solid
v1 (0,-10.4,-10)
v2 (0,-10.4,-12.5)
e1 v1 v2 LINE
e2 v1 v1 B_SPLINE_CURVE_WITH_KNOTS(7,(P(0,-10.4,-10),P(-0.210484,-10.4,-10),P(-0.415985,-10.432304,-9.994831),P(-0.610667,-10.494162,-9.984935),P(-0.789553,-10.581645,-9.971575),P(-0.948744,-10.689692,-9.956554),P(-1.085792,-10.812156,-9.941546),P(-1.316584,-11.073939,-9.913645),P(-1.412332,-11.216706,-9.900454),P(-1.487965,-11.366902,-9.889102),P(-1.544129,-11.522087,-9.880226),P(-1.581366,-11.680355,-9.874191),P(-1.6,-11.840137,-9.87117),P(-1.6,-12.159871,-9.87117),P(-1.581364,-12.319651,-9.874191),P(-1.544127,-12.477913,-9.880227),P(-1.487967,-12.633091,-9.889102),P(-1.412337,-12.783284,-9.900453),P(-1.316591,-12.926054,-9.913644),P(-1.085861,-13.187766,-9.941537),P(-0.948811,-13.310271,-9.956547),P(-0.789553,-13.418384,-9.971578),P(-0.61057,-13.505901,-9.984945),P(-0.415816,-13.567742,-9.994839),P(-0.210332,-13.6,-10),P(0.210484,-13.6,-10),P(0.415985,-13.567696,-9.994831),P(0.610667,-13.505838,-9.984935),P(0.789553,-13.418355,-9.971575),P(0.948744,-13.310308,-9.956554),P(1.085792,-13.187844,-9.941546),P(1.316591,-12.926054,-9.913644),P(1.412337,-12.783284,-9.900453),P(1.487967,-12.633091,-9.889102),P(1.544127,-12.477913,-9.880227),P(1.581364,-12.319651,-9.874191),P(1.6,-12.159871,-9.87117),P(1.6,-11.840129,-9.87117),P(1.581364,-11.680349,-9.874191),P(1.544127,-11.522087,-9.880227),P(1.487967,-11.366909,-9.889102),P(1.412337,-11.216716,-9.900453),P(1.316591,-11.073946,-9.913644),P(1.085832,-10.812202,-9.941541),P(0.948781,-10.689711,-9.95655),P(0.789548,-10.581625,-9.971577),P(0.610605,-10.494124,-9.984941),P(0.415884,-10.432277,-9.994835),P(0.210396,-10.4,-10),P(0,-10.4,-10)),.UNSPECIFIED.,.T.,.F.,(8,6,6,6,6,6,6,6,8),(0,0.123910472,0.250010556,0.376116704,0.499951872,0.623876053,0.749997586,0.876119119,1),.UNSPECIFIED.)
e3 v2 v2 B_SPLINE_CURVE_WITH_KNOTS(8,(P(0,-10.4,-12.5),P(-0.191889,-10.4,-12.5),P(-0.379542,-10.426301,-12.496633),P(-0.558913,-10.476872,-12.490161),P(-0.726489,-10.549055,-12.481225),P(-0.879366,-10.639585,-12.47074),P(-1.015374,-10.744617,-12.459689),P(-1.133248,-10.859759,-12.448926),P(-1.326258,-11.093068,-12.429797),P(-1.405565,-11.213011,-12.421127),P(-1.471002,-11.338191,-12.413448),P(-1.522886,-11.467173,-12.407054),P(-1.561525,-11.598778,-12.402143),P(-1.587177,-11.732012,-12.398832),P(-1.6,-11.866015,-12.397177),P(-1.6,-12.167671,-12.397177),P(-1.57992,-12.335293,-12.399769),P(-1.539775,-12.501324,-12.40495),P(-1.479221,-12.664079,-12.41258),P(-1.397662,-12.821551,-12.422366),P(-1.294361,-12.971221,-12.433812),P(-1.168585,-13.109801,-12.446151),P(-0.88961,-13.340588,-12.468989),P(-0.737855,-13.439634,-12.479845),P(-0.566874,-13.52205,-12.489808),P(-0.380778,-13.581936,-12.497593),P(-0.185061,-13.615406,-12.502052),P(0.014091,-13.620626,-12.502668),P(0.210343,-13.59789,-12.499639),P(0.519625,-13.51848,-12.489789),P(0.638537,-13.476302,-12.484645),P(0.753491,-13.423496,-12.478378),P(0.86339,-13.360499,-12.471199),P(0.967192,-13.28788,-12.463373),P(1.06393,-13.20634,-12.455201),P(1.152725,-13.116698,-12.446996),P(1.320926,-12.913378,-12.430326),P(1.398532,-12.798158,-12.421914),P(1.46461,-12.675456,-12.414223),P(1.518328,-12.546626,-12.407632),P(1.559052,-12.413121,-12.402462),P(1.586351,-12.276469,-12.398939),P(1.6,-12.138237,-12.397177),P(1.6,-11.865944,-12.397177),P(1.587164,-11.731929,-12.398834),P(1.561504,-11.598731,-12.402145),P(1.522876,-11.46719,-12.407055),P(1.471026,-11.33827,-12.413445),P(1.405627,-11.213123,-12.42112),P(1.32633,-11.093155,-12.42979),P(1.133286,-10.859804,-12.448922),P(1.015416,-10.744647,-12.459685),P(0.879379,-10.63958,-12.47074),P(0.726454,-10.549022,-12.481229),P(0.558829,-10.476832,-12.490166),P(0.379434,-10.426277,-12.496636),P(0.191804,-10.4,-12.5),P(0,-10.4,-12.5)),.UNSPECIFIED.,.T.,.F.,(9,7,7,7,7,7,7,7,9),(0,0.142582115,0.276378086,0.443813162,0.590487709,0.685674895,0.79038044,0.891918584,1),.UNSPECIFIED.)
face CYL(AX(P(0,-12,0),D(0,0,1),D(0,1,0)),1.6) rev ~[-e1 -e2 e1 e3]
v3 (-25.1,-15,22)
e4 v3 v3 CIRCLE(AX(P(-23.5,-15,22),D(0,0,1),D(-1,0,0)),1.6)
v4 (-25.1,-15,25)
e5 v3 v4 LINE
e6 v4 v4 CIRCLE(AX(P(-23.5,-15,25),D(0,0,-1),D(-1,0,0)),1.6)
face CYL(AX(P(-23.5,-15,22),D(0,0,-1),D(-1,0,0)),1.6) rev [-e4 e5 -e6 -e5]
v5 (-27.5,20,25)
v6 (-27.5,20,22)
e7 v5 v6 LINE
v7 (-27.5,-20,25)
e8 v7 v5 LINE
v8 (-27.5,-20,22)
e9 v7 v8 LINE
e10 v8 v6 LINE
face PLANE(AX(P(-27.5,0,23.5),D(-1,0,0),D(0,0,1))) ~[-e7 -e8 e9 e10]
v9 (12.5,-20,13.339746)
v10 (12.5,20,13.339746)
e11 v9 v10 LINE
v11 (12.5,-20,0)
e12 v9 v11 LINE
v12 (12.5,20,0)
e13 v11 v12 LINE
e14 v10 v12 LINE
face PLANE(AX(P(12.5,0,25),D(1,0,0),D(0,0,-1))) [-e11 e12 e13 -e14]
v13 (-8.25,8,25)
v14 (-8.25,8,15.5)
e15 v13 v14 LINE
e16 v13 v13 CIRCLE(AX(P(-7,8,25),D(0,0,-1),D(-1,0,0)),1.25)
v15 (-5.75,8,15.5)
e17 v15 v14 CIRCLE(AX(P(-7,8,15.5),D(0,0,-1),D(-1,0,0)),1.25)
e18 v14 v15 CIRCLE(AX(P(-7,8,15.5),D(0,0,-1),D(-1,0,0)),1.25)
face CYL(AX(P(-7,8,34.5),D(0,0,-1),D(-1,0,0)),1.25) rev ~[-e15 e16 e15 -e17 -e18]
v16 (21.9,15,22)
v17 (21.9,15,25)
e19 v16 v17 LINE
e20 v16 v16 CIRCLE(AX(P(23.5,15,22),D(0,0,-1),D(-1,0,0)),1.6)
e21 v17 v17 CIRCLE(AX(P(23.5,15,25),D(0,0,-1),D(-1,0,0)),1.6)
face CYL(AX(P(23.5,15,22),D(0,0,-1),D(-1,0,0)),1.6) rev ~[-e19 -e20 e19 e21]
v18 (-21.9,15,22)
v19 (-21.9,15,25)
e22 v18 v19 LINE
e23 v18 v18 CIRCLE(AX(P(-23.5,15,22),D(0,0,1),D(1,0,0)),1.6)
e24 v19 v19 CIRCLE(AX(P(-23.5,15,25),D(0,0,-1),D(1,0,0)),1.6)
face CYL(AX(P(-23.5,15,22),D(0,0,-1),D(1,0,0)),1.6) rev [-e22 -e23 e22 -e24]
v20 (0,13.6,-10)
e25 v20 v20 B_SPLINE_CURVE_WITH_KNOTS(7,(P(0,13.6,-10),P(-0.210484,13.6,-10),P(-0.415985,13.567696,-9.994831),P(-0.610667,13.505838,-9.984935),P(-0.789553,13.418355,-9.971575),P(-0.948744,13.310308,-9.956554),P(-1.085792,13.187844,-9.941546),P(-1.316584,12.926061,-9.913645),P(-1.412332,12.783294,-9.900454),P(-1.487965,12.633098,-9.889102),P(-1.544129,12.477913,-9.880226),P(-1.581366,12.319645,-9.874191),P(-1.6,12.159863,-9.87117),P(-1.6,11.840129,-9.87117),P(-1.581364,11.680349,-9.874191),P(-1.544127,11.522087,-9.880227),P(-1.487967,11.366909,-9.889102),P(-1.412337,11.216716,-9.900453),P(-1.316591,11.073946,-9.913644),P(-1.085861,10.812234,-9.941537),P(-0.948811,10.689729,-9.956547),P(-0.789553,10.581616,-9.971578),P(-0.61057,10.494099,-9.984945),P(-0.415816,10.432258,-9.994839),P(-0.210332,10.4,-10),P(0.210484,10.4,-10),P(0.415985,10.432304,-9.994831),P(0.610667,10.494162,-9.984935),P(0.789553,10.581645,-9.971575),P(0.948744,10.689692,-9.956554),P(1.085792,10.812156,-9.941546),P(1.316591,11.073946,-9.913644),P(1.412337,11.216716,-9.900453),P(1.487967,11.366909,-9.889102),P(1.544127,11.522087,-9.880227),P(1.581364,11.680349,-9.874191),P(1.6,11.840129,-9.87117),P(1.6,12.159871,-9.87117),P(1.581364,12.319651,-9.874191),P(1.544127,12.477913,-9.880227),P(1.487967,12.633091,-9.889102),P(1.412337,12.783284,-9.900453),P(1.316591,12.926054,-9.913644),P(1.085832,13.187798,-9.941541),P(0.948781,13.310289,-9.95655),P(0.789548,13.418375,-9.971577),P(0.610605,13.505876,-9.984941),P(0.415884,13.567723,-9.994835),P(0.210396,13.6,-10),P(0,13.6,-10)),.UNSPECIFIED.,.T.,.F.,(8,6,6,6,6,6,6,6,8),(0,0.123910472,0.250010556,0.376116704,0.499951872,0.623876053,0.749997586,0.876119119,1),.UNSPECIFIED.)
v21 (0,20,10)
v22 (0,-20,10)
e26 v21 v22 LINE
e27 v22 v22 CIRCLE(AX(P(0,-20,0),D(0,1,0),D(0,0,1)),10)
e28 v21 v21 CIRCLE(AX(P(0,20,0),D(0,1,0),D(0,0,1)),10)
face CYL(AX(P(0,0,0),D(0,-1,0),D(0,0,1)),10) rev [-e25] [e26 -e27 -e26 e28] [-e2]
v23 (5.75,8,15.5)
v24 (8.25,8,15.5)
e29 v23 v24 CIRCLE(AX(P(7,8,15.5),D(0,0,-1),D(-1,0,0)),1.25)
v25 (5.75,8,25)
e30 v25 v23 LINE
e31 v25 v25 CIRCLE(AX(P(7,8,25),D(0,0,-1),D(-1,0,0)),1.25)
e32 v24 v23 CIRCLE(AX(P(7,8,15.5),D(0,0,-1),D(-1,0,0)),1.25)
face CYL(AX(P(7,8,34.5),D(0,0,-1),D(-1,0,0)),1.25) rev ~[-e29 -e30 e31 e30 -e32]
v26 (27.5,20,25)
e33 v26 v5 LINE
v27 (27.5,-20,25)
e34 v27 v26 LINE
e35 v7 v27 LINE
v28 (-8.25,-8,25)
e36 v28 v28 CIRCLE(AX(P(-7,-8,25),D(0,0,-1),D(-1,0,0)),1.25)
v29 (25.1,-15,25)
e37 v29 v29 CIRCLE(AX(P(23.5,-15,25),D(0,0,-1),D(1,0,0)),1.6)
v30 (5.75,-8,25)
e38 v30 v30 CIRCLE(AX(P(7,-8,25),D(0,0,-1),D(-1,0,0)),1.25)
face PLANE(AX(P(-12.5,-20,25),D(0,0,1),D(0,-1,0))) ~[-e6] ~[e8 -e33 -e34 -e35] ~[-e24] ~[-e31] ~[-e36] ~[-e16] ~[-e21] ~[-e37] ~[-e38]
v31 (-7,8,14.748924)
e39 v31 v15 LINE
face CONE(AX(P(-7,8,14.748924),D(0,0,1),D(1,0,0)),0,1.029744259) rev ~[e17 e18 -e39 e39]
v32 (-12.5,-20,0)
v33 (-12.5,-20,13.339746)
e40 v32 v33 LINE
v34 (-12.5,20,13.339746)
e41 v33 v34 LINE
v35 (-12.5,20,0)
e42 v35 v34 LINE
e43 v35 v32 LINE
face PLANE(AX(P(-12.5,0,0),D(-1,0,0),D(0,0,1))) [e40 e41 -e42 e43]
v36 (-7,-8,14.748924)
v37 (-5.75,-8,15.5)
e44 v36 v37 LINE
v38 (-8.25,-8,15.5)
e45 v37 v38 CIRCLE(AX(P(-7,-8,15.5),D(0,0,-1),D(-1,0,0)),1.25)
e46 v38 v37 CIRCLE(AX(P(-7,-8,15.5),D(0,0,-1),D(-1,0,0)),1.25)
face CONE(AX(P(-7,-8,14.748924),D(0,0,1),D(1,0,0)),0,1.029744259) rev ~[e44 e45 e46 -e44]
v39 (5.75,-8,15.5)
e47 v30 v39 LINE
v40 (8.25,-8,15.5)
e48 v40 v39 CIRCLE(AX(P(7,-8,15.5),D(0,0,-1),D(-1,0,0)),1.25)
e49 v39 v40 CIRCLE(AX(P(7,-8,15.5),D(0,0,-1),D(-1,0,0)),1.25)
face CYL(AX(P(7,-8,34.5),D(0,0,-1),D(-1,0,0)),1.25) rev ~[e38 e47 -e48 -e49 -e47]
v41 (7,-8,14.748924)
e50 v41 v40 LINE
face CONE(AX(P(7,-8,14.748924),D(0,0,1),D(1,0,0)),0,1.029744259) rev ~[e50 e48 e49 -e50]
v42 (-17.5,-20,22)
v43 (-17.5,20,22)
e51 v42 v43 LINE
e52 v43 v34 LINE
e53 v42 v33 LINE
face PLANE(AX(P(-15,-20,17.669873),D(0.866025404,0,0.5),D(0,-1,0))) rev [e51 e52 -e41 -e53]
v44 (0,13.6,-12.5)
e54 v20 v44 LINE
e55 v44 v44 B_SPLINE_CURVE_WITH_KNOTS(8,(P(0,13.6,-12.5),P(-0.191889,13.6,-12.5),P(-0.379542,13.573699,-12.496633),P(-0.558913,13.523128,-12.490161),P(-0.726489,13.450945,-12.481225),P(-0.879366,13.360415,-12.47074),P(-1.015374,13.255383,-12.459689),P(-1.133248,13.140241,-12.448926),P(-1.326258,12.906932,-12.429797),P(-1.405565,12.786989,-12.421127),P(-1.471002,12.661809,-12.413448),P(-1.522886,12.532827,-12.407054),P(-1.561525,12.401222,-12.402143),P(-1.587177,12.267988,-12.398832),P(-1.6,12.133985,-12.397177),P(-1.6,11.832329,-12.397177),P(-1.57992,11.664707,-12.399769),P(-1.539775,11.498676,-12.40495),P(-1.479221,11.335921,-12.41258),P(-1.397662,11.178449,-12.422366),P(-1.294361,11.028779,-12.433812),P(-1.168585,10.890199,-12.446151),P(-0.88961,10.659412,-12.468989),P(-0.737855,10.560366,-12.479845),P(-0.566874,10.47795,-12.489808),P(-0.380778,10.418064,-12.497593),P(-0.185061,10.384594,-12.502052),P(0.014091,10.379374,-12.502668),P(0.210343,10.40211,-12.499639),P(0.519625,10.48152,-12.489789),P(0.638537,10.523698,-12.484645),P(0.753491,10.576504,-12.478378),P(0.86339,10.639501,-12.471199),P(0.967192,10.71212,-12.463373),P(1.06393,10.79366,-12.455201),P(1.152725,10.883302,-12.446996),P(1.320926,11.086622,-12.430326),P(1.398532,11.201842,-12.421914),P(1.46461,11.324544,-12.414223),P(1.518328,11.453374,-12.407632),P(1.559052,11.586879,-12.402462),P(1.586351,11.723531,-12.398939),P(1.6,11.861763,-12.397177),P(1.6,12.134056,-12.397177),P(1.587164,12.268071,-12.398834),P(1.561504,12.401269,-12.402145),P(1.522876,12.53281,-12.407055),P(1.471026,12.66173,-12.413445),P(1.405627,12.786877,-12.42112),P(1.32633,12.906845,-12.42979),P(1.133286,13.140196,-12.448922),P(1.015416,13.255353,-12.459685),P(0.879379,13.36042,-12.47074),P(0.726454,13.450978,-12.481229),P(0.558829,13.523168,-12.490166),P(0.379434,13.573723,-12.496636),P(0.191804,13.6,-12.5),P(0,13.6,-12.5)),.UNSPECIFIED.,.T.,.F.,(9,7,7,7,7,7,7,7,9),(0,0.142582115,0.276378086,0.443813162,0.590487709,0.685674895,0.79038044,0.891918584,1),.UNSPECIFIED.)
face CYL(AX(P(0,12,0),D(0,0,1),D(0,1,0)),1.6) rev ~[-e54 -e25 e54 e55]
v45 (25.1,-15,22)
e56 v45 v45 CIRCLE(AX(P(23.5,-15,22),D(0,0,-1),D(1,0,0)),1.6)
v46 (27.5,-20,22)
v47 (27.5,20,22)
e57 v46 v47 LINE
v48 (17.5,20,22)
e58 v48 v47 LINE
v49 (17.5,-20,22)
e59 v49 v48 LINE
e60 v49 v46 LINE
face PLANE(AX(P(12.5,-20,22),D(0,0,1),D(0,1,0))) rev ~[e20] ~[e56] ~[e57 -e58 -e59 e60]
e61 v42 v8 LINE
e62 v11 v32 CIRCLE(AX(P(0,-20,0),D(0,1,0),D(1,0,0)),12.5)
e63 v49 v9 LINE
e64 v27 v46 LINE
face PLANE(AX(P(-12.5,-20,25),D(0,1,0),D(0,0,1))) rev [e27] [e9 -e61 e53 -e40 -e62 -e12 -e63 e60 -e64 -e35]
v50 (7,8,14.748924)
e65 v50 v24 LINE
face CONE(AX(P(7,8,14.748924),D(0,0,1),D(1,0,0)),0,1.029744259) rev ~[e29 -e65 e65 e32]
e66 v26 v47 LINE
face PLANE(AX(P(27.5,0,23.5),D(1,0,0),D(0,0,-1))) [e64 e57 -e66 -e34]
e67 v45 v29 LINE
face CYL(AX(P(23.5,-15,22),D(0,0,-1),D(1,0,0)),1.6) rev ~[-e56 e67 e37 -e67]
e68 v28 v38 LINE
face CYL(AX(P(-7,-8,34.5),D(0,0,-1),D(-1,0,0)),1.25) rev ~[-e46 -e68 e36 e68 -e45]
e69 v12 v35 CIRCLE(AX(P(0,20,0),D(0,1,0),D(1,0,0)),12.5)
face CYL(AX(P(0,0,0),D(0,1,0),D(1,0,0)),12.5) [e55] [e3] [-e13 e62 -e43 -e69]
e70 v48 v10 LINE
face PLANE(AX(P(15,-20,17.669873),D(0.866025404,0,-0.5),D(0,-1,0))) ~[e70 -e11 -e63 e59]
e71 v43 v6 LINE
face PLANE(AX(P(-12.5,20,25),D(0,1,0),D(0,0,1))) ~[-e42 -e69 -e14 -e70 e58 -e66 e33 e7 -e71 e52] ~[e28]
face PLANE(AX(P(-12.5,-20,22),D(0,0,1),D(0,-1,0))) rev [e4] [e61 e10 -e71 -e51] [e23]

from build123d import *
from OCP.BRepFilletAPI import BRepFilletAPI_MakeChamfer

# Parameters (mm, degrees)
SKETCH_1_R             = 10
EXTRUDE_1_DEPTH        = 20
SKETCH_7_R             = 1.6
CUT_EXTRUDE_2_DEPTH    = 35.369317712
HOLE_WIZARD_M3_1_D     = 2.5
HOLE_WIZARD_M3_1_DEPTH = 9.5
HOLE_WIZARD_M3_1_TIP   = 0.751075774
SKETCH_9_W             = 3
SKETCH_9_H             = 40
EXTRUDE_2_DEPTH        = 15
SKETCH_10_R            = 1.6
CUT_EXTRUDE_3_DEPTH    = 49.440685492
CHAMFER_1_SIZE         = 5
CHAMFER_1_SIZE2        = 8.660254038


with BuildPart() as part:
    # 草图1 → 凸台-拉伸1 (new, symmetric)
    with BuildSketch(Plane(origin=(0, 0, 0), x_dir=(1, 0, 0), z_dir=(0, 1, 0))):
        with BuildLine():
            Line((-12.5, -25), (12.5, -25))
            Line((12.5, -25), (12.5, 0))
            ThreePointArc((12.5, 0), (0, 12.5), (-12.5, 0))
            Line((-12.5, 0), (-12.5, -25))
        make_face()
        with Locations(Location((0, 0, 0), (0, 0, 270))):
            Circle(SKETCH_1_R, mode=Mode.SUBTRACT)
    extrude(amount=EXTRUDE_1_DEPTH, both=True)

    # 草图7 → 切除-拉伸2 (cut, through all)
    with BuildSketch(Plane.XY):
        with Locations(Location((0, -12, 0), (0, 0, 90))):
            Circle(SKETCH_7_R)
        with Locations(Location((0, 12, 0), (0, 0, 90))):
            Circle(SKETCH_7_R)
    extrude(amount=-CUT_EXTRUDE_2_DEPTH, mode=Mode.SUBTRACT)

    # M3 螺纹孔1
    with Locations(Plane(origin=(-7, -8, 25), x_dir=(1, 0, 0), z_dir=(0, 0, 1))):
        with Locations((0, 0), (14, 0), (14, 16), (0, 16)):
            Hole(HOLE_WIZARD_M3_1_D / 2, depth=HOLE_WIZARD_M3_1_DEPTH)
            with Locations((0, 0, -(HOLE_WIZARD_M3_1_DEPTH + HOLE_WIZARD_M3_1_TIP / 2))):  # 118° drill point
                Cone(0, HOLE_WIZARD_M3_1_D / 2, HOLE_WIZARD_M3_1_TIP, mode=Mode.SUBTRACT)

    # 草图9 → 凸台-拉伸2 (add)
    with BuildSketch(Plane(origin=(12.5, 0, 0), x_dir=(0, 0, -1), z_dir=(1, 0, 0))):
        with Locations((-23.5, 0)):
            Rectangle(SKETCH_9_W, SKETCH_9_H)
    extrude_2 = extrude(amount=EXTRUDE_2_DEPTH)

    # 草图10 → 切除-拉伸3 (cut, through all)
    with BuildSketch(Plane(origin=(0, 0, 22), x_dir=(-1, 0, 0), z_dir=(0, 0, -1))):
        with Locations((-23.5, 15)):
            Circle(SKETCH_10_R)
        with Locations(Location((-23.5, -15, 0), (0, 0, 180))):
            Circle(SKETCH_10_R)
    cut_extrude_3 = extrude(amount=-CUT_EXTRUDE_3_DEPTH, mode=Mode.SUBTRACT)

    # 镜向6: 凸台-拉伸2, 切除-拉伸3 across plane
    add(extrude_2.mirror(Plane(origin=(0, 0, 0), x_dir=(0, 0, 1), z_dir=(1, 0, 0))))
    add(cut_extrude_3.mirror(Plane(origin=(0, 0, 0), x_dir=(0, 0, 1), z_dir=(1, 0, 0))), mode=Mode.SUBTRACT)

    # 倒角1: one chamfer whose edges measure the first distance from different faces: ONE call of the kernel's chamfer builder (chamfer() names one face for all edges)
    chamfer_1_edges_1 = [part.edges().sort_by_distance(p)[0] for p in [
        (12.5, 0, 22),
    ]]
    chamfer_1_side_1 = [part.faces().sort_by_distance(p)[0] for p in [
        (19.903586419, 0, 22),
    ]]
    chamfer_1_edges_2 = [part.edges().sort_by_distance(p)[0] for p in [
        (-12.5, 0, 22),
    ]]
    chamfer_1_side_2 = [part.faces().sort_by_distance(p)[0] for p in [
        (-19.903586419, 0, 22),
    ]]
    chamfer_1 = BRepFilletAPI_MakeChamfer(part.part.solid().wrapped)
    for e in chamfer_1_edges_1:
        chamfer_1.Add(CHAMFER_1_SIZE, CHAMFER_1_SIZE2, e.wrapped, chamfer_1_side_1[0].wrapped)  # the first distance lies on this face
    for e in chamfer_1_edges_2:
        chamfer_1.Add(CHAMFER_1_SIZE, CHAMFER_1_SIZE2, e.wrapped, chamfer_1_side_2[0].wrapped)  # the first distance lies on this face
    add(Compound.cast(chamfer_1.Shape()), mode=Mode.REPLACE)


solid = part.part
